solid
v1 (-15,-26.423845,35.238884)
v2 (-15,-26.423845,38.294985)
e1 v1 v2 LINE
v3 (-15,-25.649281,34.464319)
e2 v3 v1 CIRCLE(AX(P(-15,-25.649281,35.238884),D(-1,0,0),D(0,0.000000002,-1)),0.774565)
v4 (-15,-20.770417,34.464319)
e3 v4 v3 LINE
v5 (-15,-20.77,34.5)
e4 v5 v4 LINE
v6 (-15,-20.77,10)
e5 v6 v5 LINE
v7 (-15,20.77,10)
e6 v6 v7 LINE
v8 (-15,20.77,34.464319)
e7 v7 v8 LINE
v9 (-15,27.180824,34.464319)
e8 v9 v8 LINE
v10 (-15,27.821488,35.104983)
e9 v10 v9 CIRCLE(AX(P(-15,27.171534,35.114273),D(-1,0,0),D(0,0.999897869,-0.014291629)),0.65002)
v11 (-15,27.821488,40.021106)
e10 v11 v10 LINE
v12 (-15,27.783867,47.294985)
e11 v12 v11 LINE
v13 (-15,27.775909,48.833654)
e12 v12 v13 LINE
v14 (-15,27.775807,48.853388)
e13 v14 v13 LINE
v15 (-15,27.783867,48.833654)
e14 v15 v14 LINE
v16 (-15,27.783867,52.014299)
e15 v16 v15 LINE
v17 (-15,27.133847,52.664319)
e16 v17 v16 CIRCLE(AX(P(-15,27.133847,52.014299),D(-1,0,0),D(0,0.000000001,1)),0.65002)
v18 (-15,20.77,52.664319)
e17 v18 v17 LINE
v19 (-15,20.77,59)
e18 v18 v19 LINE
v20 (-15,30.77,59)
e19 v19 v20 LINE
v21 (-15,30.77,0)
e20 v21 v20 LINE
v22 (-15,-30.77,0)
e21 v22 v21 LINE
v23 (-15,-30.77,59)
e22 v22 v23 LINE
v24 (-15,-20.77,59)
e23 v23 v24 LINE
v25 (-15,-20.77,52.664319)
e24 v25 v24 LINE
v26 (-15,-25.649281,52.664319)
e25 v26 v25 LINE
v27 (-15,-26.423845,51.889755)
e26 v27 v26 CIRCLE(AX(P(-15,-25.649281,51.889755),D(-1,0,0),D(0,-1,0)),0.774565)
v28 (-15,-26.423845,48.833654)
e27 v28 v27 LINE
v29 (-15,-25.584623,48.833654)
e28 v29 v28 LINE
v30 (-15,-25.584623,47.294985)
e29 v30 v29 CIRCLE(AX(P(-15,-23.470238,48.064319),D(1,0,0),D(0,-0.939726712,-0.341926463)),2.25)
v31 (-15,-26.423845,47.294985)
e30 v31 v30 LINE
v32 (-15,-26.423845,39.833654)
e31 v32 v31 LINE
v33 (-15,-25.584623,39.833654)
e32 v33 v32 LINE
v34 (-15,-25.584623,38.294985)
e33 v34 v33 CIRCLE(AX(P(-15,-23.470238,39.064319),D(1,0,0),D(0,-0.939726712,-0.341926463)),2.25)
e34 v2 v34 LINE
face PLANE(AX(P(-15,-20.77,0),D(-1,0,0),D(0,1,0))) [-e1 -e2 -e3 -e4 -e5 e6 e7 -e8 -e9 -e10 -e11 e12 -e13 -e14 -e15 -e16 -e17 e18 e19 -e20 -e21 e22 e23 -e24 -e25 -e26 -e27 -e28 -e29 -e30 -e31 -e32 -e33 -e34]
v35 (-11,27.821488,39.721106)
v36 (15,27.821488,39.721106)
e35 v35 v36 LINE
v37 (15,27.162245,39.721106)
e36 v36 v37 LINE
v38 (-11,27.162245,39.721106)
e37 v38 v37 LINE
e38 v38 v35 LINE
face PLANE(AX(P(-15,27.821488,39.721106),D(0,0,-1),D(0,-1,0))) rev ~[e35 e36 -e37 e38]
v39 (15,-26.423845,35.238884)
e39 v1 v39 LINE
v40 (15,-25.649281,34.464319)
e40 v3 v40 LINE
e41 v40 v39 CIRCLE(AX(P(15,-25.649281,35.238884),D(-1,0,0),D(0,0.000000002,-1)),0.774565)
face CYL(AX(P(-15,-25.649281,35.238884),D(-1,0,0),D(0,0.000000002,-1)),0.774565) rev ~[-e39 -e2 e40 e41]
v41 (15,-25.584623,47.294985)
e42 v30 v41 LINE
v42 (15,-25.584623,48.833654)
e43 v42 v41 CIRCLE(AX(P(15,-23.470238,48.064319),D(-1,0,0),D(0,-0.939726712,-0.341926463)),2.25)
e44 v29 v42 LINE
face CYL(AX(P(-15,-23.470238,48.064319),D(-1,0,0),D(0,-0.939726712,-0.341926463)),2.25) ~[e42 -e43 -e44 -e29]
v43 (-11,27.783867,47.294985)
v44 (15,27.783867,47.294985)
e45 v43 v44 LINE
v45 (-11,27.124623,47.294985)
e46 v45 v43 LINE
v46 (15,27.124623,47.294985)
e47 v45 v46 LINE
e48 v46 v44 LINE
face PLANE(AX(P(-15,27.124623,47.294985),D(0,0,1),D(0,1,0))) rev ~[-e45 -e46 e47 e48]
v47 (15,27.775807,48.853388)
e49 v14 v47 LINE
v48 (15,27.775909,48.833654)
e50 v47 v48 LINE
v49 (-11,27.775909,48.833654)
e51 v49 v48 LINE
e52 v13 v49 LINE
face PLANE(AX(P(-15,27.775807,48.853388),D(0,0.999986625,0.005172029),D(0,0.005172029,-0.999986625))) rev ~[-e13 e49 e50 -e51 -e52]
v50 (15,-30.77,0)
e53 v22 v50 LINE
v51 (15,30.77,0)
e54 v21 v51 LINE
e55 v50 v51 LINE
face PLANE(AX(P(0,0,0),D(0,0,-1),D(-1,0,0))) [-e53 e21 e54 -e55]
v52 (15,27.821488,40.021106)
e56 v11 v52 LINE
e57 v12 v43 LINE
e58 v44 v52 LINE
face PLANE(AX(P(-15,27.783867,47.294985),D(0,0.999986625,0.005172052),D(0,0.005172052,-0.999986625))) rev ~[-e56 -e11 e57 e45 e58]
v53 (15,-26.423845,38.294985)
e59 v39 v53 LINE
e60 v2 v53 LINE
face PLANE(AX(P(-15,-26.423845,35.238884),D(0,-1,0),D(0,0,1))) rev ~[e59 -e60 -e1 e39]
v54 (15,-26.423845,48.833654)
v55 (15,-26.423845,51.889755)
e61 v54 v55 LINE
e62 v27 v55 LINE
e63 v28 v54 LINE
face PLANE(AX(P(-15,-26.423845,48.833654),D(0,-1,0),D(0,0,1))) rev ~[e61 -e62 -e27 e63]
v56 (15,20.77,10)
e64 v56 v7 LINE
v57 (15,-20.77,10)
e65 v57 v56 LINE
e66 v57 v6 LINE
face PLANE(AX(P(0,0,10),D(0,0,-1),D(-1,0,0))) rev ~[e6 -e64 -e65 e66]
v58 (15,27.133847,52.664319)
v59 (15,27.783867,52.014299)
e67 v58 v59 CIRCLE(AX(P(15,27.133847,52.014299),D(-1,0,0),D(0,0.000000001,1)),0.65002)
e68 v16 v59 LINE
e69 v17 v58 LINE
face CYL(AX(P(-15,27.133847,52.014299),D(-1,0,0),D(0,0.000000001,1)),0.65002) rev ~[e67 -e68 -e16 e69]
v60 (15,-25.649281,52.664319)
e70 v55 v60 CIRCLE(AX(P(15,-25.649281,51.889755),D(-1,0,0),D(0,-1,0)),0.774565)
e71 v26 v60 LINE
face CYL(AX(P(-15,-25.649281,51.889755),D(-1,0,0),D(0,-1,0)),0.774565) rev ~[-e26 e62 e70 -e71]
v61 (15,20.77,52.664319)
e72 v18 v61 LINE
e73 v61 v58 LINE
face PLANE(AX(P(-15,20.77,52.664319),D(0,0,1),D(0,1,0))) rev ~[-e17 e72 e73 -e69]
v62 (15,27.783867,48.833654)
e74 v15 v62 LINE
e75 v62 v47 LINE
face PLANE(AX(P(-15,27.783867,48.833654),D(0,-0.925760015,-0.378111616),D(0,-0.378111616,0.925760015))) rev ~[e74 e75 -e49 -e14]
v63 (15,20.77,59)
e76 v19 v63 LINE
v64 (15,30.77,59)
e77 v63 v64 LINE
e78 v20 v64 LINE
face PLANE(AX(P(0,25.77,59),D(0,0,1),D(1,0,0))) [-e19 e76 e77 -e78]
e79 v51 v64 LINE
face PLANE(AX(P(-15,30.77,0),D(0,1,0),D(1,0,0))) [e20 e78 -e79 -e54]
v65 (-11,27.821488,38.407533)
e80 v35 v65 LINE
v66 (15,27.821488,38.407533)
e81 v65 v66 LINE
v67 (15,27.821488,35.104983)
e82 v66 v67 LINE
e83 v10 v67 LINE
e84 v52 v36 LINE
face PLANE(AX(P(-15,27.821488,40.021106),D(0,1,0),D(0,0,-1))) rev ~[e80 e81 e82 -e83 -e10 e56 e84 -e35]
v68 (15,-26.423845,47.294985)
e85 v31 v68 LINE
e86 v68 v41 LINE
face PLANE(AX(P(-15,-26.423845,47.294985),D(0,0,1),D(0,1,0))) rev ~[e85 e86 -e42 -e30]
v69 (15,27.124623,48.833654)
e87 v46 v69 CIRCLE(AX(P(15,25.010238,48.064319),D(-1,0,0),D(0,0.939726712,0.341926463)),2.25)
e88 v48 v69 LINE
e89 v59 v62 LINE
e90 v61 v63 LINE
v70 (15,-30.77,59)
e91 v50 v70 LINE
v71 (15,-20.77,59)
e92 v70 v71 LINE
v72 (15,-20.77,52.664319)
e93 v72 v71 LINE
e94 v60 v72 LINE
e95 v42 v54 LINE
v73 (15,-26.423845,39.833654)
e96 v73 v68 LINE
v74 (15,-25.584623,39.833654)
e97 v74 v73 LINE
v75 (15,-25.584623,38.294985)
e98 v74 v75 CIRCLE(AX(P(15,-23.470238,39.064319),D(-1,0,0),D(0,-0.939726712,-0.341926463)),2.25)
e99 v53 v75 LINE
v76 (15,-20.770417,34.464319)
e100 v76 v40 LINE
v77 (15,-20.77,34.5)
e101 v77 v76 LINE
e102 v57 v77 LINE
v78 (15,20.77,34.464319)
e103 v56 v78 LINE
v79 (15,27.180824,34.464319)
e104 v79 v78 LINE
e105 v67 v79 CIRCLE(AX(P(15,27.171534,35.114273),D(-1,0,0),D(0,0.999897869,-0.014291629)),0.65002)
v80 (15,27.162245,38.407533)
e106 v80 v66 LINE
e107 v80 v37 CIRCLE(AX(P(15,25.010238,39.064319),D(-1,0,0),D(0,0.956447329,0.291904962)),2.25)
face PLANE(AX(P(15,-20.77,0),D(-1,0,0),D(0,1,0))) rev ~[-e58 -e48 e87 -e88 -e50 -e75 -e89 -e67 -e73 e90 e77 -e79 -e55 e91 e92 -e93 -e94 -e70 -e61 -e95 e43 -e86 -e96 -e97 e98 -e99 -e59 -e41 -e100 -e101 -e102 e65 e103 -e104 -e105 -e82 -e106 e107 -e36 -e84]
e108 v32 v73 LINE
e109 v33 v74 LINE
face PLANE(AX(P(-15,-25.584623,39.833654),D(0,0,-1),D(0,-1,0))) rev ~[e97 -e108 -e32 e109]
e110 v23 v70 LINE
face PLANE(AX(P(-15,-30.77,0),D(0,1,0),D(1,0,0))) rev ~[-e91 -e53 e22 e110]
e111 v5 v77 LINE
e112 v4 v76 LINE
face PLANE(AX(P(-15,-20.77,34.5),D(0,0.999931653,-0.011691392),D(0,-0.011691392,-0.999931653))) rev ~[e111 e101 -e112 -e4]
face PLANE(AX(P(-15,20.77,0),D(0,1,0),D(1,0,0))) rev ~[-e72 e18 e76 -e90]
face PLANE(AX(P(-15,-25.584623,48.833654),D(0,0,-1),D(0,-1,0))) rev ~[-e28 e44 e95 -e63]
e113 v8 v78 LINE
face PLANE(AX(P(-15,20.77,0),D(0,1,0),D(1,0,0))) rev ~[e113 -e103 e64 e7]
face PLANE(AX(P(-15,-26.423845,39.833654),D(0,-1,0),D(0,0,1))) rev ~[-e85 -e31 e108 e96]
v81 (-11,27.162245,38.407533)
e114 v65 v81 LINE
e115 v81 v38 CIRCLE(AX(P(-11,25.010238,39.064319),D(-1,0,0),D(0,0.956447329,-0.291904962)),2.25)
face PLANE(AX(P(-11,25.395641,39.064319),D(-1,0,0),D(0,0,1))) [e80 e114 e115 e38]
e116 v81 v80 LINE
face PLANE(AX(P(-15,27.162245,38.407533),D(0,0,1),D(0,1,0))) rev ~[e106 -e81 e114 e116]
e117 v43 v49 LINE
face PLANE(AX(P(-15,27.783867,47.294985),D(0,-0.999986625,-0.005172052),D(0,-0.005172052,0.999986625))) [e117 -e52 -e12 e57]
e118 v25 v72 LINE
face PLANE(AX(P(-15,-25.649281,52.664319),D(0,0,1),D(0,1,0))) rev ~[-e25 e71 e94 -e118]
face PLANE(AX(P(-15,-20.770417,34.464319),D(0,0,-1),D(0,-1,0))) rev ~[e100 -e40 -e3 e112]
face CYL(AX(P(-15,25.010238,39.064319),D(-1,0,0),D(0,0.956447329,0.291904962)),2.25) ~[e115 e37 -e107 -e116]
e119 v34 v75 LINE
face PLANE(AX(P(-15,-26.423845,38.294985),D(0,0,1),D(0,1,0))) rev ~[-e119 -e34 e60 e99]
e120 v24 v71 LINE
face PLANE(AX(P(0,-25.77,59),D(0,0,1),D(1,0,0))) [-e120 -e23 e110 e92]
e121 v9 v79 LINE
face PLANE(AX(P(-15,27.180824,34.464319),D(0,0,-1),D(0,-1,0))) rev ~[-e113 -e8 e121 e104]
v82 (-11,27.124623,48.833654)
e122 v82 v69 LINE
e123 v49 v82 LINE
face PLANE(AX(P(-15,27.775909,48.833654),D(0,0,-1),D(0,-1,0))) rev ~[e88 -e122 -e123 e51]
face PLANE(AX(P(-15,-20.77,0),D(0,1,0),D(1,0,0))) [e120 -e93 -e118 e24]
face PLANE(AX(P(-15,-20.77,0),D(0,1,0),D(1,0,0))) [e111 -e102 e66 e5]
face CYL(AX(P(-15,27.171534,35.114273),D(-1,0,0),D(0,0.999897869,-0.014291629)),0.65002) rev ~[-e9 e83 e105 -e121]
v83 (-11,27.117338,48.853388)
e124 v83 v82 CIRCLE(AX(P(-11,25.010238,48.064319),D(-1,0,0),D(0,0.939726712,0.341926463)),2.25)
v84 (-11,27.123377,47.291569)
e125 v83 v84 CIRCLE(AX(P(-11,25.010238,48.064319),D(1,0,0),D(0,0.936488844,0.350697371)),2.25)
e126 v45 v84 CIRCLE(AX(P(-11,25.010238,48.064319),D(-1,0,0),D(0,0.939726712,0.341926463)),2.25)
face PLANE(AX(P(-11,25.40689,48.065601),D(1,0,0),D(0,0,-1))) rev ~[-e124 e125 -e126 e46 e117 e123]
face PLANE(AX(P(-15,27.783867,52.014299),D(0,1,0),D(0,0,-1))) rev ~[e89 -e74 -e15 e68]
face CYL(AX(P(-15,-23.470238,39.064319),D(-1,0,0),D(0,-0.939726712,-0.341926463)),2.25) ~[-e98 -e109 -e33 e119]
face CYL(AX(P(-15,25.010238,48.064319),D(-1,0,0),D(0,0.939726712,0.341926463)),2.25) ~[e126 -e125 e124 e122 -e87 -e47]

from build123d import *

# Parameters (mm, degrees)
ESBO_O1_W                  = 30
ESBO_O1_H                  = 10
RESSALTO_EXTRUS_O1_DEPTH   = 59
RESSALTO_EXTRUS_O1_2_DEPTH = 59
ESBO_O2_W                  = 30
ESBO_O2_H                  = 41.54
RESSALTO_EXTRUS_O2_DEPTH   = 10
CORTE_EXTRUS_O1_DEPTH      = 73.991731724
CORTE_EXTRUS_O2_DEPTH      = 4


with BuildPart() as part:
    # Esboço1 → Ressalto-extrusão1 (new body)
    with BuildSketch(Plane.XY):
        with Locations((0, 25.77)):
            Rectangle(ESBO_O1_W, ESBO_O1_H)
    extrude(amount=RESSALTO_EXTRUS_O1_DEPTH)



with BuildPart() as body_2:
    # Esboço1 → Ressalto-extrus_o1 2 (new body)
    with BuildSketch(Plane.XY):
        with Locations((0, -25.77)):
            Rectangle(ESBO_O1_W, ESBO_O1_H)
    extrude(amount=RESSALTO_EXTRUS_O1_2_DEPTH)


with BuildPart() as part_1:
    add(part.part)

    add(body_2.part)  # Ressalto-extrusão2 merges body 2
    # Esboço2 → Ressalto-extrusão2 (add)
    with BuildSketch(Plane(origin=(0, 0, 0), x_dir=(-1, 0, 0), z_dir=(0, 0, -1))):
        Rectangle(ESBO_O2_W, ESBO_O2_H)
    extrude(amount=-RESSALTO_EXTRUS_O2_DEPTH)

    # Esboço3 → Corte-extrusão1 (cut, through all)
    with BuildSketch(Plane.ZY.offset(15)):
        with BuildLine():
            ThreePointArc((51.8897547, -26.423845407), (52.437454615, -26.196980674), (52.664319348, -25.649280759))
            Line((52.664319348, -25.649280759), (52.664319348, -20.77))
            Line((52.664319348, -20.77), (52.564319348, -20.77))
            Line((52.564319348, -20.77), (34.5, -20.77))
            Line((34.5, -20.77), (34.464319348, -20.770417185))
            Line((34.464319348, -20.770417185), (34.464319348, -25.649280759))
            ThreePointArc((34.464319348, -25.649280759), (34.69118408, -26.196980674), (35.238883995, -26.423845407))
            Line((35.238883995, -26.423845407), (37.994984805, -26.423845407))
            Line((37.994984805, -26.423845407), (38.294984805, -26.423845407))
            Line((38.294984805, -26.423845407), (38.294984805, -25.584623249))
            ThreePointArc((38.294984805, -25.584623249), (39.064319348, -21.220238146), (39.83365389, -25.584623249))
            Line((39.83365389, -25.584623249), (39.83365389, -26.423845407))
            Line((39.83365389, -26.423845407), (40.13365389, -26.423845407))
            Line((40.13365389, -26.423845407), (47.294984805, -26.423845407))
            Line((47.294984805, -26.423845407), (47.294984805, -25.584623249))
            ThreePointArc((47.294984805, -25.584623249), (48.064319348, -21.220238146), (48.83365389, -25.584623249))
            Line((48.83365389, -25.584623249), (48.83365389, -26.423845407))
            Line((48.83365389, -26.423845407), (49.215424515, -26.423845407))
            Line((49.215424515, -26.423845407), (51.8897547, -26.423845407))
        make_face()
        with BuildLine():
            Line((34.464319348, 27.162244637), (34.464319348, 20.77))
            Line((34.464319348, 20.77), (34.5, 20.77))
            Line((34.5, 20.77), (52.564319348, 20.77))
            Line((52.564319348, 20.77), (52.664319348, 20.77))
            Line((52.664319348, 20.77), (52.664319348, 27.13384671))
            ThreePointArc((52.664319348, 27.13384671), (52.473932816, 27.593480457), (52.014299068, 27.783866989))
            Line((52.014299068, 27.783866989), (48.83365389, 27.783866989))
            Line((48.83365389, 27.783866989), (48.853388433, 27.775806736))
            Line((48.853388433, 27.775806736), (48.83365389, 27.775908805))
            Line((48.83365389, 27.775908805), (48.83365389, 27.124623249))
            ThreePointArc((48.83365389, 27.124623249), (48.064319348, 22.760238146), (47.294984805, 27.124623249))
            Line((47.294984805, 27.124623249), (47.294984805, 27.783866989))
            Line((47.294984805, 27.783866989), (40.021105511, 27.821488377))
            Line((40.021105511, 27.821488377), (39.721105511, 27.821488377))
            Line((39.721105511, 27.821488377), (39.721105511, 27.162244637))
            ThreePointArc((39.721105511, 27.162244637), (39.064319348, 22.760238146), (38.407533184, 27.162244637))
            Line((38.407533184, 27.162244637), (38.407533184, 27.821488377))
            Line((38.407533184, 27.821488377), (38.107533184, 27.821488377))
            Line((38.107533184, 27.821488377), (35.104983392, 27.821488377))
            ThreePointArc((35.104983392, 27.821488377), (34.654639493, 27.631168232), (34.464319348, 27.180824333))
            Line((34.464319348, 27.180824333), (34.464319348, 27.162244637))
        make_face()
    extrude(amount=-CORTE_EXTRUS_O1_DEPTH, mode=Mode.SUBTRACT)

    # Esboço4 → Corte-extrusão2 (cut)
    with BuildSketch(Plane.ZY.offset(15)):
        with BuildLine():
            Line((47.294984805, 27.783866989), (48.853388433, 27.775806736))
            Line((48.853388433, 27.775806736), (48.853388433, 27.117338044))
            ThreePointArc((48.853388433, 27.117338044), (48.055619332, 22.760254966), (47.291568671, 27.123377136))
            Line((47.291568671, 27.123377136), (47.294984805, 27.783866989))
        make_face()
        with BuildLine():
            Line((38.407533184, 27.821488377), (38.407533184, 27.162244637))
            ThreePointArc((38.407533184, 27.162244637), (39.064319348, 22.760238146), (39.721105511, 27.162244637))
            Line((39.721105511, 27.162244637), (39.721105511, 27.821488377))
            Line((39.721105511, 27.821488377), (38.407533184, 27.821488377))
        make_face()
    extrude(amount=-CORTE_EXTRUS_O2_DEPTH, mode=Mode.SUBTRACT)


solid = part_1.part
